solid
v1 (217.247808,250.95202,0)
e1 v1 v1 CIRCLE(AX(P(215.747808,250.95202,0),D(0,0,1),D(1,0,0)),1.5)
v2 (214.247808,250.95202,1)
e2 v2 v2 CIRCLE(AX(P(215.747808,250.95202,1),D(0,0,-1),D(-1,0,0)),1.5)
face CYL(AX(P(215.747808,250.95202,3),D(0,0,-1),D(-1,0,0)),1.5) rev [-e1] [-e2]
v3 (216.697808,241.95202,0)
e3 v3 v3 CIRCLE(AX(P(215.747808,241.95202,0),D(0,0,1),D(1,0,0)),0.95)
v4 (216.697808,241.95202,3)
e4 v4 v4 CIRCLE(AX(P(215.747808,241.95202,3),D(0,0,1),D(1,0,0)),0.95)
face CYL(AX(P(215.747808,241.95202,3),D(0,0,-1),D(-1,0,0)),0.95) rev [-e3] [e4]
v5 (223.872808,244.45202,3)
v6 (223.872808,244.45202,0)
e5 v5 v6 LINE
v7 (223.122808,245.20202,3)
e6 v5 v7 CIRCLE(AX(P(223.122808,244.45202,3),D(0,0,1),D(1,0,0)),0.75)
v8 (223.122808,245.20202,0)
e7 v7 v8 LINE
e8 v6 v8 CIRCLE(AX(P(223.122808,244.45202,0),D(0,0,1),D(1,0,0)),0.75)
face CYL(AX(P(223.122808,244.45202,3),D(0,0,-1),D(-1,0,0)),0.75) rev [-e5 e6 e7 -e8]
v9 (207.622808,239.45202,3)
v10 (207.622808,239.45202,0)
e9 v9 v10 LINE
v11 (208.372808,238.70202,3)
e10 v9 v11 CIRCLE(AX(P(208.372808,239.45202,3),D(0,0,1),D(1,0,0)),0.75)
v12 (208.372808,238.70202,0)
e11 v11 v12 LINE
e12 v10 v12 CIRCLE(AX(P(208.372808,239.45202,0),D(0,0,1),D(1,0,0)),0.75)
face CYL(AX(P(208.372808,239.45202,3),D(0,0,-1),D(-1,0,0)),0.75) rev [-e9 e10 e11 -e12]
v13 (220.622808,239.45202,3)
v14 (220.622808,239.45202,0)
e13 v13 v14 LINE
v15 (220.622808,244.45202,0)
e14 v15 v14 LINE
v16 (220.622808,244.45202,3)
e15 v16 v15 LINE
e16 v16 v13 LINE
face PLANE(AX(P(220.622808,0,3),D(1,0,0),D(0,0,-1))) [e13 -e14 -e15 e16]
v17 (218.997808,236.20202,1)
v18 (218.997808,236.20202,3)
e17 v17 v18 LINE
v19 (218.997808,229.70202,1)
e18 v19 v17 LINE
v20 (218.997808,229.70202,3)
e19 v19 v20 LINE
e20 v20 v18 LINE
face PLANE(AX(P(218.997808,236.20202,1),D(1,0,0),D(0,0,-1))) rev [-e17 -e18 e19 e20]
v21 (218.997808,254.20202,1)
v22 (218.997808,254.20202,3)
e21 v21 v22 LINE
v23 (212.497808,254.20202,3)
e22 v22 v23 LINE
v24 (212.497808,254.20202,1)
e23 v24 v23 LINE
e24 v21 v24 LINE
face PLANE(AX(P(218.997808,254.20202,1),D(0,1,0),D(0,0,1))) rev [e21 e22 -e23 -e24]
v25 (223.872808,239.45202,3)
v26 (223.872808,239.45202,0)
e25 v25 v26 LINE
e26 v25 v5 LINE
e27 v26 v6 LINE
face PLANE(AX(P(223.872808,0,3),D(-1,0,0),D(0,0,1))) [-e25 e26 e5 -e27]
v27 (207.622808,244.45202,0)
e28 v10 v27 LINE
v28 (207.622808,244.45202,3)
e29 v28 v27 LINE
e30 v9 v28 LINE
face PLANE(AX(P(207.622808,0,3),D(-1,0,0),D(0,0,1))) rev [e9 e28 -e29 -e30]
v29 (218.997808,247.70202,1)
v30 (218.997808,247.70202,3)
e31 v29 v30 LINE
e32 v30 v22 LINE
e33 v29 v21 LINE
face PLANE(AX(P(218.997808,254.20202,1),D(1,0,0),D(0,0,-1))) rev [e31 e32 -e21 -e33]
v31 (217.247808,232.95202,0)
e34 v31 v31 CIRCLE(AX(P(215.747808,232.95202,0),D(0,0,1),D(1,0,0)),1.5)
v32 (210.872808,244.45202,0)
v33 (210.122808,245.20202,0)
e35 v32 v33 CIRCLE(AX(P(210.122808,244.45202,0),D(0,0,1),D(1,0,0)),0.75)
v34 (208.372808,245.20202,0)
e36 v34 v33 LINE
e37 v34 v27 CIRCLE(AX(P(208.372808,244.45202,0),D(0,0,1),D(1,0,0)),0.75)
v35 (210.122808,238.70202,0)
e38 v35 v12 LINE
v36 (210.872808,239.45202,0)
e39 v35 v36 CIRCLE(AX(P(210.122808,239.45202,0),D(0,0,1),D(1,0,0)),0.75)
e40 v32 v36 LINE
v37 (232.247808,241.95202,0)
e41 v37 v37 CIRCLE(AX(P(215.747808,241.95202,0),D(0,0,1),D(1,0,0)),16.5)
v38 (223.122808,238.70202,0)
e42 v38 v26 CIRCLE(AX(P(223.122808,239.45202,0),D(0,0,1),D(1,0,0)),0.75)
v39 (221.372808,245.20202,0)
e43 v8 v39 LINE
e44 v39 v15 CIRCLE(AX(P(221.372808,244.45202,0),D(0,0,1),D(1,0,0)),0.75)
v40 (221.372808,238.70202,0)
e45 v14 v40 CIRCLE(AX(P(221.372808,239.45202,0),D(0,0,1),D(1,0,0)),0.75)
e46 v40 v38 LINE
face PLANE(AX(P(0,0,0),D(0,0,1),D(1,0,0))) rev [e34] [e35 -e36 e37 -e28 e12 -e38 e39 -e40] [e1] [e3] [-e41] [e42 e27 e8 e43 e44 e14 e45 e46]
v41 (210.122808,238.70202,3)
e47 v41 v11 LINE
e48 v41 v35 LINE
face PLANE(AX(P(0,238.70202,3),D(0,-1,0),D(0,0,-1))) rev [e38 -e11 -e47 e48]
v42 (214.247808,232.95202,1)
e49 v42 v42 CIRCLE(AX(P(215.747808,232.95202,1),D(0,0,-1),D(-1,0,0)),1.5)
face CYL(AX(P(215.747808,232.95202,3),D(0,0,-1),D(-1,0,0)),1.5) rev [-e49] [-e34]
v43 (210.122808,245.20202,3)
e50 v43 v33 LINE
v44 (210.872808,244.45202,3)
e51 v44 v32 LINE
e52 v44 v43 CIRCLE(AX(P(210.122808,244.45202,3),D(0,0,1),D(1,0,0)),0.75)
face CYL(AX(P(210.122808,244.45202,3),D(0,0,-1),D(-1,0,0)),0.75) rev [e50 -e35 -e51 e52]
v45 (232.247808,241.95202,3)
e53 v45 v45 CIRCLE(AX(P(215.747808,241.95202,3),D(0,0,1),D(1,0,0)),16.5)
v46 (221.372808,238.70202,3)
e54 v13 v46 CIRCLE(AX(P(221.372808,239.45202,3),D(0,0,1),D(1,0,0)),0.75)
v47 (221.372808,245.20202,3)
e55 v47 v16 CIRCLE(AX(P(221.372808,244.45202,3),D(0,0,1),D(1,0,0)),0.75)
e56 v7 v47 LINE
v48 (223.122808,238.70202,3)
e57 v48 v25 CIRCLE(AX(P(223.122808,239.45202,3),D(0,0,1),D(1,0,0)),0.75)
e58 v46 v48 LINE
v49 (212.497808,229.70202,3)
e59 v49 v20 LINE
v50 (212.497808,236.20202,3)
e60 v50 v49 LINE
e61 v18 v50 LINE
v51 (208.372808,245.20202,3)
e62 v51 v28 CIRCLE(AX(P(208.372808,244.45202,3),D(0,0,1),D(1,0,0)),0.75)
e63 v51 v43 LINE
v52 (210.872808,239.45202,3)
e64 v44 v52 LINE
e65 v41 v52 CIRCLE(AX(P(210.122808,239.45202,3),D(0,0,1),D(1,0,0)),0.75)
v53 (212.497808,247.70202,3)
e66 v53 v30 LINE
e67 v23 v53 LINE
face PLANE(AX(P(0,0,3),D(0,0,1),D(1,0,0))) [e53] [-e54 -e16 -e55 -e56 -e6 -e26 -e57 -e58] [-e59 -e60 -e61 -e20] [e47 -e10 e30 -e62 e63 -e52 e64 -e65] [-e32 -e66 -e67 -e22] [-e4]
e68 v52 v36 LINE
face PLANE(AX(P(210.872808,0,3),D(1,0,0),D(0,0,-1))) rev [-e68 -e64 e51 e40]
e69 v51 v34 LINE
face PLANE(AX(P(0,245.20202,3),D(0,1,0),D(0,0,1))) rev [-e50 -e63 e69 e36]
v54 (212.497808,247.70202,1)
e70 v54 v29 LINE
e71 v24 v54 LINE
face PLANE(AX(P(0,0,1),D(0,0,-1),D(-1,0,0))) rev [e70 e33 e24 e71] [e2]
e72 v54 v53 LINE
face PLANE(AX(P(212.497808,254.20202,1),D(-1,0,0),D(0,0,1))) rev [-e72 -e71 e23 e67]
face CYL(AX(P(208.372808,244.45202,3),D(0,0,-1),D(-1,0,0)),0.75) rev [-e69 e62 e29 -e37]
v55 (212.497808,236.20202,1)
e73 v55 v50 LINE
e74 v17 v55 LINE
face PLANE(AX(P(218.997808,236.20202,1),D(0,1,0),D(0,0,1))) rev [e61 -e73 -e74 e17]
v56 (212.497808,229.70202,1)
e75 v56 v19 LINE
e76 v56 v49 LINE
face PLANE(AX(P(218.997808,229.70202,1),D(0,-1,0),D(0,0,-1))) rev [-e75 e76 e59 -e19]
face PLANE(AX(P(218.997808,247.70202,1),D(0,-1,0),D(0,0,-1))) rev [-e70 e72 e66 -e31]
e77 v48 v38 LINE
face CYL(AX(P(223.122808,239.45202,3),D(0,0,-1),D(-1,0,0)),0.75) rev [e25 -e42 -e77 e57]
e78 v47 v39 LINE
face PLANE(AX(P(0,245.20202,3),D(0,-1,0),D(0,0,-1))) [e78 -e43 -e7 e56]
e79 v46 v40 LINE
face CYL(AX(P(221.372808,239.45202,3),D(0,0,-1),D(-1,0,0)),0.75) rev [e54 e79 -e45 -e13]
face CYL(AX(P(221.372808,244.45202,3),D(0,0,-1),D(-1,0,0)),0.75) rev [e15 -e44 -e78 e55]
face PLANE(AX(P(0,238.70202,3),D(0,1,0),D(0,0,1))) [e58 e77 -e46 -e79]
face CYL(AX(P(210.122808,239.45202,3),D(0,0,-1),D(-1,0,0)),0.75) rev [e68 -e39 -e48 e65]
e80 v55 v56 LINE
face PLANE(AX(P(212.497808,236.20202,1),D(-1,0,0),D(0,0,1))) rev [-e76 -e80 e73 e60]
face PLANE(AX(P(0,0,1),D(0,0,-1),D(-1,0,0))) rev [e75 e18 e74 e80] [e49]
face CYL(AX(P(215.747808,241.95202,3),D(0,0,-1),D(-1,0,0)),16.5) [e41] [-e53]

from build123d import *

# Parameters (mm, degrees)
MODEL_R                 = 16.5
MODEL_R_2               = 1.5
MODEL_R_3               = 0.95
SALIENTE_EXTRUIR3_DEPTH = 3
CROQUIS3_W              = 6.5
CROQUIS3_H              = 6.5
CORTAR_EXTRUIR1_DEPTH   = 2
CROQUIS4_W              = 6.500000001
CROQUIS4_H              = 6.5
CORTAR_EXTRUIR2_DEPTH   = 2


with BuildPart() as part:
    # Model → Saliente-Extruir3 (new body)
    with BuildSketch(Plane.XY):
        with Locations((215.747807914, 241.952019993)):
            Circle(MODEL_R)
        with Locations((215.747807914, 250.952019993)):
            Circle(MODEL_R_2, mode=Mode.SUBTRACT)
        with BuildLine():
            ThreePointArc((207.622807913, 244.452019993), (207.842477828, 244.982350079), (208.372807913, 245.202019993))
            Line((208.372807913, 245.202019993), (210.122807913, 245.202019993))
            ThreePointArc((210.122807913, 245.202019993), (210.653137999, 244.982350079), (210.872807913, 244.452019993))
            Line((210.872807913, 244.452019993), (210.872807913, 239.452019993))
            ThreePointArc((210.872807914, 239.452019993), (210.653137999, 238.921689907), (210.122807913, 238.702019993))
            Line((210.122807913, 238.702019993), (208.372807913, 238.702019993))
            ThreePointArc((208.372807913, 238.702019993), (207.842477828, 238.921689907), (207.622807913, 239.452019993))
            Line((207.622807913, 239.452019993), (207.622807913, 244.452019993))
        make_face(mode=Mode.SUBTRACT)
        with BuildLine():
            Line((221.372807913, 245.202019993), (223.122807913, 245.202019993))
            ThreePointArc((223.122807913, 245.202019993), (223.653137999, 244.982350079), (223.872807913, 244.452019993))
            Line((223.872807913, 244.452019993), (223.872807913, 239.452019993))
            ThreePointArc((223.872807914, 239.452019993), (223.653137999, 238.921689907), (223.122807913, 238.702019993))
            Line((223.122807913, 238.702019993), (221.372807913, 238.702019993))
            ThreePointArc((221.372807913, 238.702019993), (220.842477828, 238.921689907), (220.622807913, 239.452019993))
            Line((220.622807913, 239.452019993), (220.622807913, 244.452019993))
            ThreePointArc((220.622807913, 244.452019993), (220.842477828, 244.982350079), (221.372807913, 245.202019993))
        make_face(mode=Mode.SUBTRACT)
        with Locations((215.747807914, 241.952019993)):
            Circle(MODEL_R_3, mode=Mode.SUBTRACT)
        with Locations((215.747807914, 232.952019993)):
            Circle(MODEL_R_2, mode=Mode.SUBTRACT)
    extrude(amount=SALIENTE_EXTRUIR3_DEPTH)

    # Croquis3 → Cortar-Extruir1 (cut)
    with BuildSketch(Plane.XY.offset(3)):
        with Locations((215.747807914, 250.952019993)):
            Rectangle(CROQUIS3_W, CROQUIS3_H)
    extrude(amount=-CORTAR_EXTRUIR1_DEPTH, mode=Mode.SUBTRACT)

    # Croquis4 → Cortar-Extruir2 (cut)
    with BuildSketch(Plane.XY.offset(3)):
        with Locations((215.747807914, 232.952019993)):
            Rectangle(CROQUIS4_W, CROQUIS4_H)
    extrude(amount=-CORTAR_EXTRUIR2_DEPTH, mode=Mode.SUBTRACT)


solid = part.part
